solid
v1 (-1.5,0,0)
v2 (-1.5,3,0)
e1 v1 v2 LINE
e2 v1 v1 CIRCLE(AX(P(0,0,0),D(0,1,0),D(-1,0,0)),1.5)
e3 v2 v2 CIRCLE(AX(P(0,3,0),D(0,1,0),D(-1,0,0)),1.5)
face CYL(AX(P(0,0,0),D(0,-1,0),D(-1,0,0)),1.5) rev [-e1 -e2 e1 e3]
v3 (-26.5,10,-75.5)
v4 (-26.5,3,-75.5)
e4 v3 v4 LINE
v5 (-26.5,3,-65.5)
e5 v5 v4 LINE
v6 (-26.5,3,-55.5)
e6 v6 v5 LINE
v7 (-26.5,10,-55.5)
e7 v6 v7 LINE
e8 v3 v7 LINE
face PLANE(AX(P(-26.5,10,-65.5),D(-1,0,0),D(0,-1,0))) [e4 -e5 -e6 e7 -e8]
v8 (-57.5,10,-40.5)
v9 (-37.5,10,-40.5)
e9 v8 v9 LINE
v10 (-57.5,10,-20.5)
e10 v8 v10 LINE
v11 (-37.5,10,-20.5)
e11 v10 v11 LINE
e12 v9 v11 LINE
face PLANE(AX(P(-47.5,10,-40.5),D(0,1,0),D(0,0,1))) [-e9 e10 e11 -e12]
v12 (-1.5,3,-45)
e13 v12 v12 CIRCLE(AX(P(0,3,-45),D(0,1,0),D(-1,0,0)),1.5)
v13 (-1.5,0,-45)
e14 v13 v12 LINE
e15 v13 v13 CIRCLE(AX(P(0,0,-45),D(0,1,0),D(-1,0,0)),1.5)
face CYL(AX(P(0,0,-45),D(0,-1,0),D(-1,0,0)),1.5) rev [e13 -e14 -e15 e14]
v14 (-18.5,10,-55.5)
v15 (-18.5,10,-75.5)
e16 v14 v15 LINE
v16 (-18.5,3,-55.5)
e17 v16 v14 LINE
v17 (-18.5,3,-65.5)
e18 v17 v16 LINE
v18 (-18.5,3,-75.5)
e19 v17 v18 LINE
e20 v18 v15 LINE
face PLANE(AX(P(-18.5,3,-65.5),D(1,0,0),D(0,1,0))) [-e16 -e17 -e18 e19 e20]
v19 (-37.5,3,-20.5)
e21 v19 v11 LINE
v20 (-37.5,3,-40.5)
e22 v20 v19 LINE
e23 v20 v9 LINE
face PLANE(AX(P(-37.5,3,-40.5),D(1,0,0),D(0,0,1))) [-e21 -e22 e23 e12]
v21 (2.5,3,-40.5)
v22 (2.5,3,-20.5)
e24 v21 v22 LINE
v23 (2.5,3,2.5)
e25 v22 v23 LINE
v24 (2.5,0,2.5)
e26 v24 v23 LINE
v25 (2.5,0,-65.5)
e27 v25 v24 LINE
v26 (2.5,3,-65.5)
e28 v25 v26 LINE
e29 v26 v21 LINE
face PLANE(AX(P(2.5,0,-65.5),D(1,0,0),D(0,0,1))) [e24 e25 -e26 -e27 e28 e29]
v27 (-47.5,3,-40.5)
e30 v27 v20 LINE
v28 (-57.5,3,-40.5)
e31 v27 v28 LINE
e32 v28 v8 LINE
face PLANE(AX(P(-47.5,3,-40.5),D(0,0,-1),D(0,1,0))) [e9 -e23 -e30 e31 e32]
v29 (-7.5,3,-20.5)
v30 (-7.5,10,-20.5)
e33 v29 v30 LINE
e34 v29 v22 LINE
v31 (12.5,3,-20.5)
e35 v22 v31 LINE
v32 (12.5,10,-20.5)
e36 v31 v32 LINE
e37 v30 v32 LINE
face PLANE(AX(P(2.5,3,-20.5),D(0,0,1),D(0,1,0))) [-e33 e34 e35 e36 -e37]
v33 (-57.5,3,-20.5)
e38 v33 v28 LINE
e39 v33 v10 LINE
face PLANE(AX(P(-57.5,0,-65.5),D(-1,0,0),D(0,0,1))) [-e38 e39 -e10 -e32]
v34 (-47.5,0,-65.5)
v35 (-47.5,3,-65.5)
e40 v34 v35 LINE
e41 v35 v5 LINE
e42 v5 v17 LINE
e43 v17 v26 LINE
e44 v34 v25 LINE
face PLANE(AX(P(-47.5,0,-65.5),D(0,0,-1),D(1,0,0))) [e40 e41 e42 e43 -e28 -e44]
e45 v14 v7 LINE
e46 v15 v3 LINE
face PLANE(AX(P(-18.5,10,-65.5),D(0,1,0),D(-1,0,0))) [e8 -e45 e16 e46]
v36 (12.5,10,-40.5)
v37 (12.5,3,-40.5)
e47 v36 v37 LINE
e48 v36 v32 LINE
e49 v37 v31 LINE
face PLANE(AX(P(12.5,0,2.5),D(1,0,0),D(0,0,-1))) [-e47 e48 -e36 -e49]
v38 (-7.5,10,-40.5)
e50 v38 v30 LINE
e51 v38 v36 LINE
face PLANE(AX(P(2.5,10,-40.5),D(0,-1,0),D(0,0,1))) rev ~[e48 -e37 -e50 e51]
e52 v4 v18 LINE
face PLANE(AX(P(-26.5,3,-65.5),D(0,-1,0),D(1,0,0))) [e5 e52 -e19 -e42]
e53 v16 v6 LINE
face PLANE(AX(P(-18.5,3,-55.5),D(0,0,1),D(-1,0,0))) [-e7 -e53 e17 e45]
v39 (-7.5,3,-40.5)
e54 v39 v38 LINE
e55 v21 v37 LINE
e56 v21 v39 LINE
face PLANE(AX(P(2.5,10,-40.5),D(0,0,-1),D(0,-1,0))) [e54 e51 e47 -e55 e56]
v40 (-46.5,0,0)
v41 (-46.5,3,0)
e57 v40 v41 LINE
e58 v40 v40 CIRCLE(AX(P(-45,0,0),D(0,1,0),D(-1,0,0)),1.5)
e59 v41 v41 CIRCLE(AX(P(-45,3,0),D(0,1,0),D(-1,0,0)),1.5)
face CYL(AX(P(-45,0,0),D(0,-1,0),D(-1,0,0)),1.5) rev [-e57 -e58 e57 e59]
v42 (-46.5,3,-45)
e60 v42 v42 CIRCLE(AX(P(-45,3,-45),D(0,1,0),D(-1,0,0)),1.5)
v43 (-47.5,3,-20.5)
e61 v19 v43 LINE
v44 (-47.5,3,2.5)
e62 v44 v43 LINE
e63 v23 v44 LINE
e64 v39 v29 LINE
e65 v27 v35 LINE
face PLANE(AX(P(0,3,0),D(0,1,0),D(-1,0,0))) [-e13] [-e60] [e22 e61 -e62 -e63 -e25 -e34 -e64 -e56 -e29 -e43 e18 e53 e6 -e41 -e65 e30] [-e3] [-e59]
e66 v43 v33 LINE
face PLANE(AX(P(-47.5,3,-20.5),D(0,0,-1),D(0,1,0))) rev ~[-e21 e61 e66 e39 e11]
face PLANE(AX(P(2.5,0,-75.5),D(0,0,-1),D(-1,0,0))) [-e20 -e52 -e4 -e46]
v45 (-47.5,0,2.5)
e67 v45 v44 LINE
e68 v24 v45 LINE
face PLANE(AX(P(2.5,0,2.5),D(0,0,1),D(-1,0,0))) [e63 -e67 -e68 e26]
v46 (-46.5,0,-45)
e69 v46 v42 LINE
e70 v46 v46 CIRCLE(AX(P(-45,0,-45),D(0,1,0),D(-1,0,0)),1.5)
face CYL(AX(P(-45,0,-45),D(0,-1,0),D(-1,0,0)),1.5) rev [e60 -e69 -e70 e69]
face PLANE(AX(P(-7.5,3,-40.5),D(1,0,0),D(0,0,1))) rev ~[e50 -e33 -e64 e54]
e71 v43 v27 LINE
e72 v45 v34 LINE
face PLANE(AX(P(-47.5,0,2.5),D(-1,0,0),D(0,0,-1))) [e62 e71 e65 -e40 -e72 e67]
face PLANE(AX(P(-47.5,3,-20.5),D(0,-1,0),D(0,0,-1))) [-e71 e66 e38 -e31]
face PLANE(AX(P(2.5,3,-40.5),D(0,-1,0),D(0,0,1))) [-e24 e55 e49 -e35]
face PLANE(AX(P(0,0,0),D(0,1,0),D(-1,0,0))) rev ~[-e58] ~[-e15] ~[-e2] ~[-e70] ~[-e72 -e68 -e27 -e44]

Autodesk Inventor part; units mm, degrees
ref_plane "YZ Plane" through (0, 0, 0) normal (1, 0, 0) x (0, 1, 0)
ref_plane "XZ Plane" through (0, 0, 0) normal (0, 1, 0) x (-1, 0, 0)
ref_plane "XY Plane" through (0, 0, 0) normal (0, 0, 1) x (1, 0, 0)
sketch "Sketch1" plane through (0, 0, 0) normal (0, 1, 0) x (-1, 0, 0)
  line L0 (0, 0) -> (45, 0) construction
  line L1 (45, 0) -> (45, -45) construction
  line L2 (45, -45) -> (0, -45) construction
  line L3 (0, -45) -> (0, 0) construction
  circle A0 centre (45, 0) radius 1.5
  circle A1 centre (45, -45) radius 1.5
  circle A2 centre (0, -45) radius 1.5
  circle A3 centre (0, 0) radius 1.5
  line L4 (-2.5, 2.5) -> (47.5, 2.5)
  line L5 (47.5, 2.5) -> (47.5, -65.5)
  line L6 (47.5, -65.5) -> (-2.5, -65.5)
  line L7 (-2.5, -65.5) -> (-2.5, 2.5)
  dimension "d0" = 45
  dimension "d1" = 45
  dimension "d2" = 3
  dimension "d3" = 3
  dimension "d4" = 3
  dimension "d5" = 3
  dimension "d6" = 50
  dimension "d7" = 68
  dimension "d8" = 2.5
  dimension "d9" = 2.5
extrude "Extrusion1" add sketch "Sketch1" along normal blind 3
sketch "Sketch2" plane through (0, 3, 0) normal (0, 1, 0) x (1, 0, 0)
  line L0 (2.5, -2.5) -> (2.5, 65.5) projected
  line L1 (2.5, 40.5) -> (-7.5, 40.5)
  line L2 (-7.5, 40.5) -> (-7.5, 20.5)
  line L3 (-7.5, 20.5) -> (2.5, 20.5)
  line L4 (2.5, 20.5) -> (2.5, 40.5)
  line L5 (2.5, 65.5) -> (-47.5, 65.5) projected
  line L6 (-47.5, 65.5) -> (-47.5, -2.5) projected
  line L7 (-47.5, 40.5) -> (-37.5, 40.5)
  line L8 (-37.5, 40.5) -> (-37.5, 20.5)
  line L9 (-37.5, 20.5) -> (-47.5, 20.5)
  line L10 (-47.5, 20.5) -> (-47.5, 40.5)
  line L11 (-26.5, 65.5) -> (-18.5, 65.5)
  line L12 (-18.5, 65.5) -> (-18.5, 55.5)
  line L13 (-18.5, 55.5) -> (-26.5, 55.5)
  line L14 (-26.5, 55.5) -> (-26.5, 65.5)
  point P0 (0, 0)
  point P1 (2.5, 20.5)
  dimension "d12" = 10
  dimension "d13" = 20
  dimension "d14" = 25
  dimension "d15" = 10
  dimension "d16" = 20
  dimension "d19" = 8
  dimension "d20" = 10
  dimension "d21" = 50
  dimension "d22" = 68
  dimension "d23" = 21
extrude "Extrusion2" add sketch "Sketch2" along normal blind 7
sketch "Sketch3" plane through (2.5, 0, 2.5) normal (1, 0, 0) x (0, 0, -1)
  line L0 (43, 10) -> (23, 10) projected
  line L1 (43, 3) -> (23, 3) projected
  line L2 (23, 10) -> (43, 10)
  line L3 (43, 10) -> (43, 3)
  line L4 (43, 3) -> (23, 3)
  line L5 (23, 3) -> (23, 10)
  point P0 (2.5, 0)
extrude "Extrusion3" add sketch "Sketch3" along normal blind 10
sketch "Sketch4" plane through (-47.5, 0, -65.5) normal (-1, 0, 0) x (0, 0, 1)
  line L0 (25, 3) -> (25, 10) projected
  line L1 (45, 3) -> (45, 10) projected
  line L2 (25, 10) -> (45, 10)
  line L3 (45, 10) -> (45, 3)
  line L4 (45, 3) -> (25, 3)
  line L5 (25, 3) -> (25, 10)
  point P0 (65.5, 0)
extrude "Extrusion4" add sketch "Sketch4" along normal blind 10
sketch "Sketch5" plane through (2.5, 0, -65.5) normal (0, 0, -1) x (-1, 0, 0)
  line L0 (21, 10) -> (29, 10) projected
  line L1 (29, 3) -> (50, 3) projected
  line L2 (21, 10) -> (29, 10)
  line L3 (29, 10) -> (29, 3)
  line L4 (29, 3) -> (21, 3)
  line L5 (21, 3) -> (21, 10)
  point P0 (2.5, 0)
extrude "Extrusion5" add sketch "Sketch5" along normal blind 10
equation "\"d8\" = -0.5 * d0 + 0.5 * d6"
equation "\"d9\" = d8"
equation "\"d23\" = -0.5 * d19 + 0.5 * d21"
properties part number "Holybro PM07 PowerDistributionBoard"
